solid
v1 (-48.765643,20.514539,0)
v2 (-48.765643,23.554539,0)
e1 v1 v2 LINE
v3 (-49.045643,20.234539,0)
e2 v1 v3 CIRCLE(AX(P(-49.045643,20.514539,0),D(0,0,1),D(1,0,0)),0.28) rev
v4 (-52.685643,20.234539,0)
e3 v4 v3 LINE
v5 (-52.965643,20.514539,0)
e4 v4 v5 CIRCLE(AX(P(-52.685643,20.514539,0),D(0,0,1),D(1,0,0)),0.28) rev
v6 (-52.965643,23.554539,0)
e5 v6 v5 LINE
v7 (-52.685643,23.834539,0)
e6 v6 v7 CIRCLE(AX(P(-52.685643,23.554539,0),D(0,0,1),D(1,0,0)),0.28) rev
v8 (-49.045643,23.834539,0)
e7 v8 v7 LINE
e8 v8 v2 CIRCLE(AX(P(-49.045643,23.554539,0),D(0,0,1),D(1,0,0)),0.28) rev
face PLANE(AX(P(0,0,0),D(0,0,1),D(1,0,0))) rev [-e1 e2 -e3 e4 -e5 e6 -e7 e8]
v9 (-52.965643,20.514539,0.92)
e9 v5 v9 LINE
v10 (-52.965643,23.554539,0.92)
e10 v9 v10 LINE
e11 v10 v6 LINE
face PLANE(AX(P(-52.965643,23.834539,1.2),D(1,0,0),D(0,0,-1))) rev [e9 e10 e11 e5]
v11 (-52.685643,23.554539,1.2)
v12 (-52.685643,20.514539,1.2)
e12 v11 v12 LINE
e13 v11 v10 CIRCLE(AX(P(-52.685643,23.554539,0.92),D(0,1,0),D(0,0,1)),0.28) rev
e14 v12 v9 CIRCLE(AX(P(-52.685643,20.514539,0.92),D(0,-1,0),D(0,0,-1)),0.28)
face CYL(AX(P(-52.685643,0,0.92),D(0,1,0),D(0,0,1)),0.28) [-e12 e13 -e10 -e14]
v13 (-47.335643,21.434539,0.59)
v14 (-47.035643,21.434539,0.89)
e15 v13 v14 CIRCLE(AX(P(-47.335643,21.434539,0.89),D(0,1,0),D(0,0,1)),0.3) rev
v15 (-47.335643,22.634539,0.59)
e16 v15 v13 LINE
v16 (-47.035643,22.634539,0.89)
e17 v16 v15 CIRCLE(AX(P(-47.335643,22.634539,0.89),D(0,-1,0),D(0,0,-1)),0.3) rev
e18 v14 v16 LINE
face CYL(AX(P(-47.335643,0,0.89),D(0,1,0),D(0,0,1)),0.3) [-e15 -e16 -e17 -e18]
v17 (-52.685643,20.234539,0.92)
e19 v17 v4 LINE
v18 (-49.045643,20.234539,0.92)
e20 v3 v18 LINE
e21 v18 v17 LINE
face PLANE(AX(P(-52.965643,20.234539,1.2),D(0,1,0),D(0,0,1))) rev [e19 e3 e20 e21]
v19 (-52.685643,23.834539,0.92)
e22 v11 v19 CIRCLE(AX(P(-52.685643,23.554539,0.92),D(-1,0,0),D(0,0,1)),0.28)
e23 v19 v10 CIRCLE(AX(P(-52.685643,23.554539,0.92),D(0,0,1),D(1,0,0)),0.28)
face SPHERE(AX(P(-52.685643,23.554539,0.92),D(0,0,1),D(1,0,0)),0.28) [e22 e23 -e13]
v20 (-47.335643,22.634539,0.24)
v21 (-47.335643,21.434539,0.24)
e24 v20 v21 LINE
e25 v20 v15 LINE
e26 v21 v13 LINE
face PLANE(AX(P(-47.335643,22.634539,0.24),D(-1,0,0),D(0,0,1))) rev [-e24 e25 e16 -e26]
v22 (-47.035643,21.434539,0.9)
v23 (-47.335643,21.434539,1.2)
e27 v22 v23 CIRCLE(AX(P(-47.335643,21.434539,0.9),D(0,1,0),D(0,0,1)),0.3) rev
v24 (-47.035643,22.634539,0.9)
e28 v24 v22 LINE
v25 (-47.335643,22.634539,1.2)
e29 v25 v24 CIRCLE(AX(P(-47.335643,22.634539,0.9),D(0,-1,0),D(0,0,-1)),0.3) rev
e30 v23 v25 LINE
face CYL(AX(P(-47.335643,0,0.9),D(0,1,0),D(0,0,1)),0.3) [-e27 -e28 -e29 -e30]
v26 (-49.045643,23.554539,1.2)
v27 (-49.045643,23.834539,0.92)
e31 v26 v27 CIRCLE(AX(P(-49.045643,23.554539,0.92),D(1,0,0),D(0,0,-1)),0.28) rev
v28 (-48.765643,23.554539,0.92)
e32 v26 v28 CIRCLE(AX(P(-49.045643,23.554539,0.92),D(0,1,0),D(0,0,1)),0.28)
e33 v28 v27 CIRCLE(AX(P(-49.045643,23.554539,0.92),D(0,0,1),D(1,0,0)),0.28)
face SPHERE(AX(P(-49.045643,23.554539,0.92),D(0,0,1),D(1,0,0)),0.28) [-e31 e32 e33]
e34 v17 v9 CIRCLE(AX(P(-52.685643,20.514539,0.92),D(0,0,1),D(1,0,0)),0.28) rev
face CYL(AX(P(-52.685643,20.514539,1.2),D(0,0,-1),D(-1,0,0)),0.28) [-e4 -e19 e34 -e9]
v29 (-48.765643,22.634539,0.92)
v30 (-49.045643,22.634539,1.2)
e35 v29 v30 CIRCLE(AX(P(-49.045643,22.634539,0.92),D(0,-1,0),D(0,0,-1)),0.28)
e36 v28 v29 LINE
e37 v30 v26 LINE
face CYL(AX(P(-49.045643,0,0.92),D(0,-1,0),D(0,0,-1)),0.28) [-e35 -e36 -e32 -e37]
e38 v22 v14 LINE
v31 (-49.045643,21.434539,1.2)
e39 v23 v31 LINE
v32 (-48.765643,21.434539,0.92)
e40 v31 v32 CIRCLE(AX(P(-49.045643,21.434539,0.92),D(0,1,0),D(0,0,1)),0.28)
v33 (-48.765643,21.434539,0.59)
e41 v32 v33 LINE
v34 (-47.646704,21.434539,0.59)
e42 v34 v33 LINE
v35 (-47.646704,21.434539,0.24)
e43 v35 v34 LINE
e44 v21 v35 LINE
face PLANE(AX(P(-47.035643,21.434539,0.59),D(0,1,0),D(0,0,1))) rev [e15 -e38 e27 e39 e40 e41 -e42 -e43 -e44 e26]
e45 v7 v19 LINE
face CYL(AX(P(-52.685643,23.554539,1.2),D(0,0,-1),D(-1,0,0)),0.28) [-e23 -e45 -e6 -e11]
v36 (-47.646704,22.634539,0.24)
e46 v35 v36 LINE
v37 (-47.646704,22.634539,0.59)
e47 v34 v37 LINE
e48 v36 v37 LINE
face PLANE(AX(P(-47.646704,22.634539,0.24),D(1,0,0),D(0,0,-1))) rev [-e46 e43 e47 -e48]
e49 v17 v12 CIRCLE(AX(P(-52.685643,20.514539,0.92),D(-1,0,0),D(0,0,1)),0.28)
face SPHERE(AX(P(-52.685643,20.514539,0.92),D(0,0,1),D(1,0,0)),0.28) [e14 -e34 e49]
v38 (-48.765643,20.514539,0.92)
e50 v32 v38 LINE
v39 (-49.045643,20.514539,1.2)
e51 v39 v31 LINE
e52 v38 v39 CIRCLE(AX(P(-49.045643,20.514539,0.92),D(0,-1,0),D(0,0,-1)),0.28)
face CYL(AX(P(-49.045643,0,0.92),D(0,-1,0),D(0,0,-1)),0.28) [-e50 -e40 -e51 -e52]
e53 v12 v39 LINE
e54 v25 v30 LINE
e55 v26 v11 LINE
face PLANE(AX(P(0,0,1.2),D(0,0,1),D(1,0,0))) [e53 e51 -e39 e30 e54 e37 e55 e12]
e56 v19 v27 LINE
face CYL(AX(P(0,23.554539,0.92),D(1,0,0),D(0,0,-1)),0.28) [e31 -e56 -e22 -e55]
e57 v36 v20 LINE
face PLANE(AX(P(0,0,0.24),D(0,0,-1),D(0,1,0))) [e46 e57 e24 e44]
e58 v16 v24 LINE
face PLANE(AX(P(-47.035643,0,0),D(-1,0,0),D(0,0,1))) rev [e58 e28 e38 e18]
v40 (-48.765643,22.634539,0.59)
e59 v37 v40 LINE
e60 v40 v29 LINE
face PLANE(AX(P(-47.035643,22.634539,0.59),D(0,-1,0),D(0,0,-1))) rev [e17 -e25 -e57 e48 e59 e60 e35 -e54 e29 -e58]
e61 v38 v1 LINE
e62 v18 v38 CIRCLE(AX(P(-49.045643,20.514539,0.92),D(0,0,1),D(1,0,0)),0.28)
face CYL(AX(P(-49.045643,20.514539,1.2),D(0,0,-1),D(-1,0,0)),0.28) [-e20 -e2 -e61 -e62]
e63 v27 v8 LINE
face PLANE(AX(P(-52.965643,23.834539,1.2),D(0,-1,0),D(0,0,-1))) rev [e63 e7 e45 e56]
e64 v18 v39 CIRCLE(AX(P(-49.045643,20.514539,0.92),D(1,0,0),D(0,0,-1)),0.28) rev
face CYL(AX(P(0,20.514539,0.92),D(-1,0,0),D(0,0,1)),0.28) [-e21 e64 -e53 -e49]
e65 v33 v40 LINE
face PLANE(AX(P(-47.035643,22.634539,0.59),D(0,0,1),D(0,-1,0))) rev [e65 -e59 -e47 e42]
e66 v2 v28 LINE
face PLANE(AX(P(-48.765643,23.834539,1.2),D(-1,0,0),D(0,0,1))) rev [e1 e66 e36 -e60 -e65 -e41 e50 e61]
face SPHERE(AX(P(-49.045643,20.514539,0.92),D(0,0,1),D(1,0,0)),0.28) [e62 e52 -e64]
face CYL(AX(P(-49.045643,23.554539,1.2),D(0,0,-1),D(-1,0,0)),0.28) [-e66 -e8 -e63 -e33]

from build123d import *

# Parameters (mm, degrees)
SKETCH1_W           = 4.2
SKETCH1_H           = 3.6
BOSS_EXTRUDE1_DEPTH = 1.2
SKETCH2_W           = 0.61
SKETCH2_H           = 1.2
BOSS_EXTRUDE2_DEPTH = 1.73
FILLET6_R           = 0.28
FILLET8_R           = 0.3
SKETCH8_W           = 0.311061498
SKETCH8_H           = 1.2
BOSS_EXTRUDE3_DEPTH = 0.35


with BuildPart() as part:
    # Sketch1 → Boss-Extrude1 (new body)
    with BuildSketch(Plane.XY):
        with Locations((-50.865642715, 22.034539222)):
            Rectangle(SKETCH1_W, SKETCH1_H)
    extrude(amount=BOSS_EXTRUDE1_DEPTH)

    # Sketch2 → Boss-Extrude2 (add)
    with BuildSketch(Plane(origin=(-48.765642715, 0, 0), x_dir=(0, 0, -1), z_dir=(1, 0, 0))):
        with Locations((-0.895, 22.034539222)):
            Rectangle(SKETCH2_W, SKETCH2_H)
    extrude(amount=BOSS_EXTRUDE2_DEPTH)

    # Fillet6
    fillet6_edges = [part.edges().sort_by_distance(p)[0] for p in [
        (-48.765642715, 20.834539222, 1.2),
        (-48.765642715, 23.234539222, 1.2),
        (-50.865642715, 23.834539222, 1.2),
        (-52.965642715, 22.034539222, 1.2),
        (-52.965642715, 23.834539222, 0.6),
        (-48.765642715, 23.834539222, 0.6),
        (-48.765642715, 20.234539222, 0.6),
        (-52.965642715, 20.234539222, 0.6),
        (-50.865642715, 20.234539222, 1.2),
    ]]
    fillet(fillet6_edges, radius=FILLET6_R)

    # Fillet8
    fillet8_edges = [part.edges().sort_by_distance(p)[0] for p in [
        (-47.035642715, 22.034539222, 0.59),
        (-47.035642715, 22.034539222, 1.2),
    ]]
    fillet(fillet8_edges, radius=FILLET8_R)

    # Sketch8 → Boss-Extrude3 (add)
    with BuildSketch(Plane(origin=(0, 0, 0.59), x_dir=(-1, 0, 0), z_dir=(0, 0, -1))):
        with Locations((47.491173464, 22.034539222)):
            Rectangle(SKETCH8_W, SKETCH8_H)
    extrude(amount=BOSS_EXTRUDE3_DEPTH)


solid = part.part
